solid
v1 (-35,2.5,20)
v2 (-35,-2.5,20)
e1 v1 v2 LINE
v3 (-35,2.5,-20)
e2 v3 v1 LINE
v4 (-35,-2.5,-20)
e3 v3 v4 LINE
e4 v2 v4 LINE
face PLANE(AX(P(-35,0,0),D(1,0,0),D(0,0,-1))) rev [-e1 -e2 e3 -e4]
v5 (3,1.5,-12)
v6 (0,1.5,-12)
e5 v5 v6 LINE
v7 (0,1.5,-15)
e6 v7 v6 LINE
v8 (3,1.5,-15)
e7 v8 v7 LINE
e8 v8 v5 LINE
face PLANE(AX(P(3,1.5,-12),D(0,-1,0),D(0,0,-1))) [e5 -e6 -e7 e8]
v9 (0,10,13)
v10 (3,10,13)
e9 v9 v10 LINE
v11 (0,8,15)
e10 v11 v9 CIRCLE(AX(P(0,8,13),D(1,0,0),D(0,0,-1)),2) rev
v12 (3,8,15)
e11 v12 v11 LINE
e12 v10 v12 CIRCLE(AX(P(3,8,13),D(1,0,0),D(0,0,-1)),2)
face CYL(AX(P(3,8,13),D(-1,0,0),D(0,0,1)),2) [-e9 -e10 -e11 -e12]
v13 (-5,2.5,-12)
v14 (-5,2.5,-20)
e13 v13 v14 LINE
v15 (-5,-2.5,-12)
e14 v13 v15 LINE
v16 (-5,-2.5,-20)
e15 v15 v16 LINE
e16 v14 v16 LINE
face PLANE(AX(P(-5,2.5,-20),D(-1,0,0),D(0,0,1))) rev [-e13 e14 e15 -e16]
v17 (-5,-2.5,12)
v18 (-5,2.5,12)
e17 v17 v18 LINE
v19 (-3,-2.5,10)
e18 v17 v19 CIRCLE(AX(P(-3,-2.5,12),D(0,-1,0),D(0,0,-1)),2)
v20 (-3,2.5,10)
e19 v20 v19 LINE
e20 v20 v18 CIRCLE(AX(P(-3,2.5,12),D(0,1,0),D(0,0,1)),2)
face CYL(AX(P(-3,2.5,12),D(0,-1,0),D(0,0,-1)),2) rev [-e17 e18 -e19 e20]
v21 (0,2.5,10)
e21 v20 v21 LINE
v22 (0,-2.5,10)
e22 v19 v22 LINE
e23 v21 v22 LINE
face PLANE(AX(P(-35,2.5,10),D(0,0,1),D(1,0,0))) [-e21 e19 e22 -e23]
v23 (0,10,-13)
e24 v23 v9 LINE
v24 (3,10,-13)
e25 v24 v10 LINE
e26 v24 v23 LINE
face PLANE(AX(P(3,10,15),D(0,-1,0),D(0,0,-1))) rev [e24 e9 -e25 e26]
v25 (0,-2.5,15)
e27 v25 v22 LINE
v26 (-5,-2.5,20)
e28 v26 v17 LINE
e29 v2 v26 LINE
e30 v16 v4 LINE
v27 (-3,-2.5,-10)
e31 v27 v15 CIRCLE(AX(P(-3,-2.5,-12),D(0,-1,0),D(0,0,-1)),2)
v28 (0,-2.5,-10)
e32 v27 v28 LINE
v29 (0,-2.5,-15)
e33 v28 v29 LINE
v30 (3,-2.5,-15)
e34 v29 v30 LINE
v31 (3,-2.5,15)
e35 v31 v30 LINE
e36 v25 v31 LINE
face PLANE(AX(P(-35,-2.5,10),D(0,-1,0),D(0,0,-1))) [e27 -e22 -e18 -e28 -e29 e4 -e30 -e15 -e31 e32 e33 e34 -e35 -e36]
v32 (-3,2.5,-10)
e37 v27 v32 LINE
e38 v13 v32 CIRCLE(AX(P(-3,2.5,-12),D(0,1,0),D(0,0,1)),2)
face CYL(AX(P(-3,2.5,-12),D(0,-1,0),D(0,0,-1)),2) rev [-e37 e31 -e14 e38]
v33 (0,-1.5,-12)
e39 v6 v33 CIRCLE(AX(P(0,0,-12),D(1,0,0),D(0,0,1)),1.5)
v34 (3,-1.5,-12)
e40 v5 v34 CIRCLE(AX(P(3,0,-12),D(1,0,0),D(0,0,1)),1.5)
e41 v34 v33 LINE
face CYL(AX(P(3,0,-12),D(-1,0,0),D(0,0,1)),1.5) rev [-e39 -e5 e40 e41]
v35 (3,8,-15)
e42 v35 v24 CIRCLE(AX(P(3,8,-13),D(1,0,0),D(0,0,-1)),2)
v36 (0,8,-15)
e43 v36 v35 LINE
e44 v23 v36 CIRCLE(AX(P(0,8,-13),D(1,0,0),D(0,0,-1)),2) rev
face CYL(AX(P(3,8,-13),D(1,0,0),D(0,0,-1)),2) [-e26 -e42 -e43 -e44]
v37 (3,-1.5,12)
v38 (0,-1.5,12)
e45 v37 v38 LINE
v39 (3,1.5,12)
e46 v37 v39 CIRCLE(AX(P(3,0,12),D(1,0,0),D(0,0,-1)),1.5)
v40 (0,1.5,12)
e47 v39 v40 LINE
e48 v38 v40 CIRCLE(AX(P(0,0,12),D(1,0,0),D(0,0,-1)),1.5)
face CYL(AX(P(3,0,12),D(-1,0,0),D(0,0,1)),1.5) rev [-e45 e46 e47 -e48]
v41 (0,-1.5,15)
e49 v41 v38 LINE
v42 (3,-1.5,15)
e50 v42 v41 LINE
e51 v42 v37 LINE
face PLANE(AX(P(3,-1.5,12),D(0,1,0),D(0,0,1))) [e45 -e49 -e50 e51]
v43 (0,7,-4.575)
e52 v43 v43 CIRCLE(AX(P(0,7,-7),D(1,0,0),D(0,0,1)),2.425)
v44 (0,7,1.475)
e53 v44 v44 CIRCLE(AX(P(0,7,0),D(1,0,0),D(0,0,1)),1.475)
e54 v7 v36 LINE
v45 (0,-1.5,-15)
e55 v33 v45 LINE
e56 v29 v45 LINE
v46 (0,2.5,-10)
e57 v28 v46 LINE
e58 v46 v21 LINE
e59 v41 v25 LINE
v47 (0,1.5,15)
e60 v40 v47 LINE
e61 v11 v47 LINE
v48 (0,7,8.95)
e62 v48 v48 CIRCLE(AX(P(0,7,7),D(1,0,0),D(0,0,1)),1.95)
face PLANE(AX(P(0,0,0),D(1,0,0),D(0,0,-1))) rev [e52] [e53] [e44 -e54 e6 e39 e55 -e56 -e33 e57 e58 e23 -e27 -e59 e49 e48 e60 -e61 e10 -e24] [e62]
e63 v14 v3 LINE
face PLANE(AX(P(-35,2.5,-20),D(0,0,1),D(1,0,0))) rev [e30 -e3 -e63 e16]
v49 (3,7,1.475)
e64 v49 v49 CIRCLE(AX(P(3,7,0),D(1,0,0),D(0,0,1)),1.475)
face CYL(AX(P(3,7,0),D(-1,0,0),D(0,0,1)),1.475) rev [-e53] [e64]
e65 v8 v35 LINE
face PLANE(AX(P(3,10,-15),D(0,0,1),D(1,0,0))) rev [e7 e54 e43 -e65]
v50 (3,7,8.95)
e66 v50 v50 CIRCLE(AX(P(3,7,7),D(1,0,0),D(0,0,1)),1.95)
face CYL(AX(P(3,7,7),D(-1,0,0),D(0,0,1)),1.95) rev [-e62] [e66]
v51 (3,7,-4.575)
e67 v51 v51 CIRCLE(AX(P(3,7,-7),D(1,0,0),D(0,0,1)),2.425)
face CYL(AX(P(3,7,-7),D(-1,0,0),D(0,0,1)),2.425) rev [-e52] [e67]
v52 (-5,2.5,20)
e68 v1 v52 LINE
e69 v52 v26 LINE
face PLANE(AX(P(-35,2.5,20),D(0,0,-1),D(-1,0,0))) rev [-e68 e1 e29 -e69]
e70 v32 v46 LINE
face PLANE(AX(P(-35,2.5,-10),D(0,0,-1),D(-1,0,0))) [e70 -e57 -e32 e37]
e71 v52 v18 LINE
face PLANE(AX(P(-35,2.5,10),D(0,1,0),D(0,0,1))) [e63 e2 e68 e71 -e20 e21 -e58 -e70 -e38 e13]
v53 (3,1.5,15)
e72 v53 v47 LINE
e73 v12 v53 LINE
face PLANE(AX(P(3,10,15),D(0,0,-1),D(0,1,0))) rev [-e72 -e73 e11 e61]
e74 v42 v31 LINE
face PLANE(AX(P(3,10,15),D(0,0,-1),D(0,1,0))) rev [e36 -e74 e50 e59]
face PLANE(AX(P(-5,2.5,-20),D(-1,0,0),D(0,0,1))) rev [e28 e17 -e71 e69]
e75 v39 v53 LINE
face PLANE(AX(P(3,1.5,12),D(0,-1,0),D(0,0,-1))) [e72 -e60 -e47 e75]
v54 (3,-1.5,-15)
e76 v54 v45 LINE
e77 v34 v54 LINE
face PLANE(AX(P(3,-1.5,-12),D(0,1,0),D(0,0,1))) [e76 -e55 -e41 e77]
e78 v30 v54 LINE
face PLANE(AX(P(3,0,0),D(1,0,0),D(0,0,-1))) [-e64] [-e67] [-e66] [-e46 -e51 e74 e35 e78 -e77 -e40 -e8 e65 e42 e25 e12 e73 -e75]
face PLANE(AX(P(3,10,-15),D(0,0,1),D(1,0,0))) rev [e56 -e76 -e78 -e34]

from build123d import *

# Parameters (mm, degrees)
SKETCH_1_W          = 20
SKETCH_1_H          = 5
EXTRUDE_1_DEPTH     = 35
SKETCH_2_W          = 30
SKETCH_2_H          = 20
EXTRUDE_2_DEPTH     = 3
FILLET_1_R          = 2
FILLET_2_R          = 2
FILLET_3_R          = 2
FILLET_4_R          = 2
SKETCH_4_W          = 30
SKETCH_4_H          = 40
EXTRUDE_3_DEPTH     = 2.5
FILLET_5_R          = 2
FILLET_6_R          = 2
CUT_EXTRUDE_2_DEPTH = 3
SKETCH_6_R          = 1.475
SKETCH_6_R_2        = 1.95
SKETCH_6_R_3        = 2.425
CUT_EXTRUDE_3_DEPTH = 3
SKETCH_8_W          = 3
SKETCH_8_H          = 7.5
CUT_EXTRUDE_4_DEPTH = 30


with BuildPart() as part:
    # 草图1 → 凸台-拉伸1 (new body)
    with BuildSketch(Plane(origin=(0, 0, 0), x_dir=(0, 0, -1), z_dir=(1, 0, 0))):
        Rectangle(SKETCH_1_W, SKETCH_1_H)
    extrude(amount=-EXTRUDE_1_DEPTH)

    # 草图2 → 凸台-拉伸2 (add)
    with BuildSketch(Plane(origin=(0, 0, 0), x_dir=(0, 0, -1), z_dir=(1, 0, 0))):
        Rectangle(SKETCH_2_W, SKETCH_2_H)
    extrude(amount=EXTRUDE_2_DEPTH)

    # 圆角1
    fillet_1_edges = [part.edges().sort_by_distance(p)[0] for p in [
        (1.5, 10, -15),
    ]]
    fillet(fillet_1_edges, radius=FILLET_1_R)

    # 圆角2
    fillet_2_edges = [part.edges().sort_by_distance(p)[0] for p in [
        (1.5, 10, 15),
    ]]
    fillet(fillet_2_edges, radius=FILLET_2_R)

    # 圆角3
    fillet_3_edges = [part.edges().sort_by_distance(p)[0] for p in [
        (1.5, -10, -15),
    ]]
    fillet(fillet_3_edges, radius=FILLET_3_R)

    # 圆角4
    fillet_4_edges = [part.edges().sort_by_distance(p)[0] for p in [
        (1.5, -10, 15),
    ]]
    fillet(fillet_4_edges, radius=FILLET_4_R)

    # 草图4 → 凸台-拉伸3 (add, symmetric)
    with BuildSketch(Plane(origin=(0, 0, 0), x_dir=(1, 0, 0), z_dir=(0, 1, 0))):
        with Locations((-20, 0)):
            Rectangle(SKETCH_4_W, SKETCH_4_H)
    extrude(amount=EXTRUDE_3_DEPTH, both=True)

    # 圆角5
    fillet_5_edges = [part.edges().sort_by_distance(p)[0] for p in [
        (-5, 0, -10),
    ]]
    fillet(fillet_5_edges, radius=FILLET_5_R)

    # 圆角6
    fillet_6_edges = [part.edges().sort_by_distance(p)[0] for p in [
        (-5, 0, 10),
    ]]
    fillet(fillet_6_edges, radius=FILLET_6_R)

    # 草图5 → 切除-拉伸2 (cut)
    with BuildSketch(Plane(origin=(0, 0, 0), x_dir=(0, 0, -1), z_dir=(1, 0, 0))):
        with BuildLine():
            Line((-12, -1.5), (-15, -1.5))
            Line((-15, -1.5), (-15, 1.5))
            Line((-15, 1.5), (-12, 1.5))
            ThreePointArc((-12, 1.5), (-10.5, 0), (-12, -1.5))
        make_face()
        with BuildLine():
            Line((12, 1.5), (15, 1.5))
            Line((15, 1.5), (15, -1.5))
            Line((15, -1.5), (12, -1.5))
            ThreePointArc((12, -1.5), (10.5, 0), (12, 1.5))
        make_face()
    extrude(amount=CUT_EXTRUDE_2_DEPTH, mode=Mode.SUBTRACT)

    # 草图6 → 切除-拉伸3 (cut)
    with BuildSketch(Plane(origin=(0, 0, 0), x_dir=(0, 0, -1), z_dir=(1, 0, 0))):
        with Locations((0, -7)):
            Circle(SKETCH_6_R)
        with Locations((-7, -7)):
            Circle(SKETCH_6_R_2)
        with Locations((7, -7)):
            Circle(SKETCH_6_R_3)
        with Locations(Location((7, 7, 0), (0, 0, 180))):
            Circle(SKETCH_6_R_3)
        with Locations(Location((0, 7, 0), (0, 0, 180))):
            Circle(SKETCH_6_R)
        with Locations(Location((-7, 7, 0), (0, 0, 180))):
            Circle(SKETCH_6_R_2)
    extrude(amount=CUT_EXTRUDE_3_DEPTH, mode=Mode.SUBTRACT)

    # 草图8 → 切除-拉伸4 (cut)
    with BuildSketch(Plane(origin=(0, 0, -15), x_dir=(-1, 0, 0), z_dir=(0, 0, -1))):
        with Locations((-1.5, -6.25)):
            Rectangle(SKETCH_8_W, SKETCH_8_H)
    extrude(amount=-CUT_EXTRUDE_4_DEPTH, mode=Mode.SUBTRACT)


solid = part.part
